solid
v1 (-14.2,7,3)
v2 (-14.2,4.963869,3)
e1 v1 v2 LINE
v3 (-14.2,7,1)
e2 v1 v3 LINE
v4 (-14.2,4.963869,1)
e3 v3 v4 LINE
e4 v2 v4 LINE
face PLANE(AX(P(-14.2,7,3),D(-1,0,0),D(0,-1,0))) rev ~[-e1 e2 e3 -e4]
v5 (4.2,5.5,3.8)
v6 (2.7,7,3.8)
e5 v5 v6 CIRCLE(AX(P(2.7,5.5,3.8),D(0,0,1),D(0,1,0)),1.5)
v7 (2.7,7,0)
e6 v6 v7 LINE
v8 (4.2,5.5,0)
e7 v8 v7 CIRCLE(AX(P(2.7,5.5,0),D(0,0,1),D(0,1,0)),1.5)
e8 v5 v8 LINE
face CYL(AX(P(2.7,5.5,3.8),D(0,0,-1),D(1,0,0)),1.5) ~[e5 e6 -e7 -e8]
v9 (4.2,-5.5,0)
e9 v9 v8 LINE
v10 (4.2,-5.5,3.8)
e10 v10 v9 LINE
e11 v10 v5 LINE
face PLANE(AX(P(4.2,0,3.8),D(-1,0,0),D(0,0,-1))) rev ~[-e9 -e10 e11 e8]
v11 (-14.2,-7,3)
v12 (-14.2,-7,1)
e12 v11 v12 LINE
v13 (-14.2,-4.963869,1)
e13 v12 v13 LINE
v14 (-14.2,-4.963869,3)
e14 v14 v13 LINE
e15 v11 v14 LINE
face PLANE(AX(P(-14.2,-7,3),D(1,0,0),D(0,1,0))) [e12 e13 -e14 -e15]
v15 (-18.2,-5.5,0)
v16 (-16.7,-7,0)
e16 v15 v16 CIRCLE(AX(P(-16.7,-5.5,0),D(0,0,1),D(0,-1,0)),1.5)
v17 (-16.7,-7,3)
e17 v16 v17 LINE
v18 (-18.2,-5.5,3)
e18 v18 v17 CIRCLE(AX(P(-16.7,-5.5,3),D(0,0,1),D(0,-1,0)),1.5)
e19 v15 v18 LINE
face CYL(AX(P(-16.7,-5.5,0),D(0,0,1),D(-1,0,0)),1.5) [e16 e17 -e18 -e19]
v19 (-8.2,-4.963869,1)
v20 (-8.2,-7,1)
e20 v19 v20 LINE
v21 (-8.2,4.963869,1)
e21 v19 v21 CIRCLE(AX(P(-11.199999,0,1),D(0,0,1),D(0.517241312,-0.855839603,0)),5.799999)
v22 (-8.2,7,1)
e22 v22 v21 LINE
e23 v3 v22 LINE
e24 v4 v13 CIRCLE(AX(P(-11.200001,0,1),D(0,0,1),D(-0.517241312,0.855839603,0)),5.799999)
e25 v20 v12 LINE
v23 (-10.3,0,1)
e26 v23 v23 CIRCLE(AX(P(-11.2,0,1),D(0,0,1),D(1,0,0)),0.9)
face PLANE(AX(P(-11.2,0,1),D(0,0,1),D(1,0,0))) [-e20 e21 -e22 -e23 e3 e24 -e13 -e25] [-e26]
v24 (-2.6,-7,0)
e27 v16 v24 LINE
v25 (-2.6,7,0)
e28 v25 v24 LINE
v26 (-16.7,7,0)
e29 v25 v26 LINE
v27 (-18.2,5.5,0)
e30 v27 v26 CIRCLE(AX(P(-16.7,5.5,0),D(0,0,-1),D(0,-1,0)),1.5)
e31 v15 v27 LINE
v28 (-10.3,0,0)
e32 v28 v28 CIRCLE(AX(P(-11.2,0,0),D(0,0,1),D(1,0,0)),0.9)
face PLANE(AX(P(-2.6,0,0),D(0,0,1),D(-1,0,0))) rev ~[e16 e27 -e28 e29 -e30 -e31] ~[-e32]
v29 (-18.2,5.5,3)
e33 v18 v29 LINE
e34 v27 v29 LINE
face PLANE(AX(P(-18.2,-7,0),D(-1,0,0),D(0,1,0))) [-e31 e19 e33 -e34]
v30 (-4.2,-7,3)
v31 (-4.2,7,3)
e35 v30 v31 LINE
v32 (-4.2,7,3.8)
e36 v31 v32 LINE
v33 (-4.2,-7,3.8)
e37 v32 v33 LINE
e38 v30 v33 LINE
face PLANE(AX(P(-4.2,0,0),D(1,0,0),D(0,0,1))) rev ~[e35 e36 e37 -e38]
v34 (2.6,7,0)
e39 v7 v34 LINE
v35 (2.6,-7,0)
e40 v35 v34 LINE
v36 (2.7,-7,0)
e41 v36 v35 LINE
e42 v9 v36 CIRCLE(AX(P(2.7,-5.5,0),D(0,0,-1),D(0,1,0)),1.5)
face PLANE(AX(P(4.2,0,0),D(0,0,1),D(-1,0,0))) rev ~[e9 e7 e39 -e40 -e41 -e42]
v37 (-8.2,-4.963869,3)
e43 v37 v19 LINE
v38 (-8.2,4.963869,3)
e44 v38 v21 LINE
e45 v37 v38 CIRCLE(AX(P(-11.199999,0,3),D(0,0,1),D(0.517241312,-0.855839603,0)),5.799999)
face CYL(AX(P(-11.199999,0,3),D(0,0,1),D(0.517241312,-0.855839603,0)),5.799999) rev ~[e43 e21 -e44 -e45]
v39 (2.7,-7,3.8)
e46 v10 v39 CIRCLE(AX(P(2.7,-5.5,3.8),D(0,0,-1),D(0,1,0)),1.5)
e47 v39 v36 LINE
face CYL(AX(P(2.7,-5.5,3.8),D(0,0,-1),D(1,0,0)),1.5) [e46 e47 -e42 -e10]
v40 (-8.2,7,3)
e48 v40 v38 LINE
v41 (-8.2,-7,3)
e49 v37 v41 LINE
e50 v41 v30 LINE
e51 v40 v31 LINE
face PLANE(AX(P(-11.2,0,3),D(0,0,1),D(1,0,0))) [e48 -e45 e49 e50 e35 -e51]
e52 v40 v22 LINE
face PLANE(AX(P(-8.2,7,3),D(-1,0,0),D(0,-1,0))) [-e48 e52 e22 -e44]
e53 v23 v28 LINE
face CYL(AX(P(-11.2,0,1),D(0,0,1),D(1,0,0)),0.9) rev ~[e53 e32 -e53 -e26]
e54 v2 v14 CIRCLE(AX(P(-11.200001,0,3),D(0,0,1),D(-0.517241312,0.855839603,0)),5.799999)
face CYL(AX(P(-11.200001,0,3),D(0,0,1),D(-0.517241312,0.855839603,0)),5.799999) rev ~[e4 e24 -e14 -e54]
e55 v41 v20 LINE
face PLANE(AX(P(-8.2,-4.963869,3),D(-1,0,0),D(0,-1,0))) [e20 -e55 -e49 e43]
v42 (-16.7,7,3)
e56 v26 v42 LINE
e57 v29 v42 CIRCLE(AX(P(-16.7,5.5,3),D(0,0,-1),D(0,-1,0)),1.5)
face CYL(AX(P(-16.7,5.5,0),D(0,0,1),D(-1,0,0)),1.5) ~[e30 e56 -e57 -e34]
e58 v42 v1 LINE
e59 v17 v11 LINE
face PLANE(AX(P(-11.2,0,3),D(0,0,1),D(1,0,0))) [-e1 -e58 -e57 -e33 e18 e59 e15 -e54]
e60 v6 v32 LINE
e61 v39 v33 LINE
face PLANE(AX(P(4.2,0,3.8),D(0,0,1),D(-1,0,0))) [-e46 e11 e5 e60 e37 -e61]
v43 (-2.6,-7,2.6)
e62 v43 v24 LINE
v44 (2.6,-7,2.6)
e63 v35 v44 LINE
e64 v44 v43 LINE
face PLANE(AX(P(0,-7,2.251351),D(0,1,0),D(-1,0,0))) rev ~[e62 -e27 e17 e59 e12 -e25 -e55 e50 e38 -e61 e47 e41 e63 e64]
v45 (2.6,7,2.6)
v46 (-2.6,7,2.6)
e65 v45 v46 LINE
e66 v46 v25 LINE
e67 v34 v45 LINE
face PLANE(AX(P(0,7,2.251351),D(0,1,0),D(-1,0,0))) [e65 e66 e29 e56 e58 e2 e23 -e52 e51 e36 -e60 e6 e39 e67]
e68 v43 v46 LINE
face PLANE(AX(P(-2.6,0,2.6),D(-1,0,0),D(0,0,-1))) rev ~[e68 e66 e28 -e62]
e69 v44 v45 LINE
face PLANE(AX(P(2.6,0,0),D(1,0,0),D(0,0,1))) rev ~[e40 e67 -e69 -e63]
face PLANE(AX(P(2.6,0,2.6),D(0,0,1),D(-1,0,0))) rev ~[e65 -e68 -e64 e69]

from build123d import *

# Parameters (mm, degrees)
PAD_DEPTH       = 7
SKETCH006_W     = 14
SKETCH006_H     = 14
PAD002_DEPTH    = 3
POCKET004_DEPTH = 2
SKETCH008_R     = 0.9
POCKET005_DEPTH = 1.001
FILLET_R        = 1.5


with BuildPart() as clamp_unit:
    # Sketch → Pad (new body, symmetric)
    with BuildSketch(Plane.XZ):
        Polygon((-2.6, 3.8), (4.2, 3.8), (4.2, 0), (2.6, 0), (2.6, 2.6), (-2.6, 2.6), (-2.6, 0), (-4.2, 0), (-4.2, 3.8), align=None)
    extrude(amount=PAD_DEPTH, both=True)


with BuildPart() as wire_holder_single_rounded:
    # Sketch006 → Pad002 (new body)
    with BuildSketch(Plane.XY):
        Rectangle(SKETCH006_W, SKETCH006_H)
    extrude(amount=PAD002_DEPTH)

    # Sketch007 → Pocket004 (cut)
    with BuildSketch(Plane.XY.offset(3)):
        with BuildLine():
            Line((-3, 7), (-3, 4.963869))
            ThreePointArc((-3, 4.963869), (-5.8, 0), (-3, -4.963869))
            Line((-3, -7), (-3, -4.963869))
            Line((3, -7), (-3, -7))
            Line((3, -4.963869), (3, -7))
            ThreePointArc((3, -4.963869), (5.8, 0), (3, 4.963869))
            Line((3, 7), (3, 4.963869))
            Line((-3, 7), (3, 7))
        make_face()
    extrude(amount=-POCKET004_DEPTH, mode=Mode.SUBTRACT)

    # Sketch008 → Pocket005 (cut, through all)
    with BuildSketch(Plane.XY.offset(1)):
        Circle(SKETCH008_R)
    extrude(amount=-POCKET005_DEPTH, mode=Mode.SUBTRACT)


with BuildPart() as wire_holder_single_rounded_1:
    # Clone placement: moved
    add(wire_holder_single_rounded.part.moved(Location((-11.2, 0, 0))))

    # Fusion: union clamp-unit
    add(clamp_unit.part)

    # Fillet
    fillet_edges = [wire_holder_single_rounded_1.edges().sort_by_distance(p)[0] for p in [
        (-18.2, -7, 1.5),
        (-18.2, 7, 1.5),
        (4.2, 7, 1.9),
        (4.2, -7, 1.9),
    ]]
    fillet(fillet_edges, radius=FILLET_R)


solid = wire_holder_single_rounded_1.part
